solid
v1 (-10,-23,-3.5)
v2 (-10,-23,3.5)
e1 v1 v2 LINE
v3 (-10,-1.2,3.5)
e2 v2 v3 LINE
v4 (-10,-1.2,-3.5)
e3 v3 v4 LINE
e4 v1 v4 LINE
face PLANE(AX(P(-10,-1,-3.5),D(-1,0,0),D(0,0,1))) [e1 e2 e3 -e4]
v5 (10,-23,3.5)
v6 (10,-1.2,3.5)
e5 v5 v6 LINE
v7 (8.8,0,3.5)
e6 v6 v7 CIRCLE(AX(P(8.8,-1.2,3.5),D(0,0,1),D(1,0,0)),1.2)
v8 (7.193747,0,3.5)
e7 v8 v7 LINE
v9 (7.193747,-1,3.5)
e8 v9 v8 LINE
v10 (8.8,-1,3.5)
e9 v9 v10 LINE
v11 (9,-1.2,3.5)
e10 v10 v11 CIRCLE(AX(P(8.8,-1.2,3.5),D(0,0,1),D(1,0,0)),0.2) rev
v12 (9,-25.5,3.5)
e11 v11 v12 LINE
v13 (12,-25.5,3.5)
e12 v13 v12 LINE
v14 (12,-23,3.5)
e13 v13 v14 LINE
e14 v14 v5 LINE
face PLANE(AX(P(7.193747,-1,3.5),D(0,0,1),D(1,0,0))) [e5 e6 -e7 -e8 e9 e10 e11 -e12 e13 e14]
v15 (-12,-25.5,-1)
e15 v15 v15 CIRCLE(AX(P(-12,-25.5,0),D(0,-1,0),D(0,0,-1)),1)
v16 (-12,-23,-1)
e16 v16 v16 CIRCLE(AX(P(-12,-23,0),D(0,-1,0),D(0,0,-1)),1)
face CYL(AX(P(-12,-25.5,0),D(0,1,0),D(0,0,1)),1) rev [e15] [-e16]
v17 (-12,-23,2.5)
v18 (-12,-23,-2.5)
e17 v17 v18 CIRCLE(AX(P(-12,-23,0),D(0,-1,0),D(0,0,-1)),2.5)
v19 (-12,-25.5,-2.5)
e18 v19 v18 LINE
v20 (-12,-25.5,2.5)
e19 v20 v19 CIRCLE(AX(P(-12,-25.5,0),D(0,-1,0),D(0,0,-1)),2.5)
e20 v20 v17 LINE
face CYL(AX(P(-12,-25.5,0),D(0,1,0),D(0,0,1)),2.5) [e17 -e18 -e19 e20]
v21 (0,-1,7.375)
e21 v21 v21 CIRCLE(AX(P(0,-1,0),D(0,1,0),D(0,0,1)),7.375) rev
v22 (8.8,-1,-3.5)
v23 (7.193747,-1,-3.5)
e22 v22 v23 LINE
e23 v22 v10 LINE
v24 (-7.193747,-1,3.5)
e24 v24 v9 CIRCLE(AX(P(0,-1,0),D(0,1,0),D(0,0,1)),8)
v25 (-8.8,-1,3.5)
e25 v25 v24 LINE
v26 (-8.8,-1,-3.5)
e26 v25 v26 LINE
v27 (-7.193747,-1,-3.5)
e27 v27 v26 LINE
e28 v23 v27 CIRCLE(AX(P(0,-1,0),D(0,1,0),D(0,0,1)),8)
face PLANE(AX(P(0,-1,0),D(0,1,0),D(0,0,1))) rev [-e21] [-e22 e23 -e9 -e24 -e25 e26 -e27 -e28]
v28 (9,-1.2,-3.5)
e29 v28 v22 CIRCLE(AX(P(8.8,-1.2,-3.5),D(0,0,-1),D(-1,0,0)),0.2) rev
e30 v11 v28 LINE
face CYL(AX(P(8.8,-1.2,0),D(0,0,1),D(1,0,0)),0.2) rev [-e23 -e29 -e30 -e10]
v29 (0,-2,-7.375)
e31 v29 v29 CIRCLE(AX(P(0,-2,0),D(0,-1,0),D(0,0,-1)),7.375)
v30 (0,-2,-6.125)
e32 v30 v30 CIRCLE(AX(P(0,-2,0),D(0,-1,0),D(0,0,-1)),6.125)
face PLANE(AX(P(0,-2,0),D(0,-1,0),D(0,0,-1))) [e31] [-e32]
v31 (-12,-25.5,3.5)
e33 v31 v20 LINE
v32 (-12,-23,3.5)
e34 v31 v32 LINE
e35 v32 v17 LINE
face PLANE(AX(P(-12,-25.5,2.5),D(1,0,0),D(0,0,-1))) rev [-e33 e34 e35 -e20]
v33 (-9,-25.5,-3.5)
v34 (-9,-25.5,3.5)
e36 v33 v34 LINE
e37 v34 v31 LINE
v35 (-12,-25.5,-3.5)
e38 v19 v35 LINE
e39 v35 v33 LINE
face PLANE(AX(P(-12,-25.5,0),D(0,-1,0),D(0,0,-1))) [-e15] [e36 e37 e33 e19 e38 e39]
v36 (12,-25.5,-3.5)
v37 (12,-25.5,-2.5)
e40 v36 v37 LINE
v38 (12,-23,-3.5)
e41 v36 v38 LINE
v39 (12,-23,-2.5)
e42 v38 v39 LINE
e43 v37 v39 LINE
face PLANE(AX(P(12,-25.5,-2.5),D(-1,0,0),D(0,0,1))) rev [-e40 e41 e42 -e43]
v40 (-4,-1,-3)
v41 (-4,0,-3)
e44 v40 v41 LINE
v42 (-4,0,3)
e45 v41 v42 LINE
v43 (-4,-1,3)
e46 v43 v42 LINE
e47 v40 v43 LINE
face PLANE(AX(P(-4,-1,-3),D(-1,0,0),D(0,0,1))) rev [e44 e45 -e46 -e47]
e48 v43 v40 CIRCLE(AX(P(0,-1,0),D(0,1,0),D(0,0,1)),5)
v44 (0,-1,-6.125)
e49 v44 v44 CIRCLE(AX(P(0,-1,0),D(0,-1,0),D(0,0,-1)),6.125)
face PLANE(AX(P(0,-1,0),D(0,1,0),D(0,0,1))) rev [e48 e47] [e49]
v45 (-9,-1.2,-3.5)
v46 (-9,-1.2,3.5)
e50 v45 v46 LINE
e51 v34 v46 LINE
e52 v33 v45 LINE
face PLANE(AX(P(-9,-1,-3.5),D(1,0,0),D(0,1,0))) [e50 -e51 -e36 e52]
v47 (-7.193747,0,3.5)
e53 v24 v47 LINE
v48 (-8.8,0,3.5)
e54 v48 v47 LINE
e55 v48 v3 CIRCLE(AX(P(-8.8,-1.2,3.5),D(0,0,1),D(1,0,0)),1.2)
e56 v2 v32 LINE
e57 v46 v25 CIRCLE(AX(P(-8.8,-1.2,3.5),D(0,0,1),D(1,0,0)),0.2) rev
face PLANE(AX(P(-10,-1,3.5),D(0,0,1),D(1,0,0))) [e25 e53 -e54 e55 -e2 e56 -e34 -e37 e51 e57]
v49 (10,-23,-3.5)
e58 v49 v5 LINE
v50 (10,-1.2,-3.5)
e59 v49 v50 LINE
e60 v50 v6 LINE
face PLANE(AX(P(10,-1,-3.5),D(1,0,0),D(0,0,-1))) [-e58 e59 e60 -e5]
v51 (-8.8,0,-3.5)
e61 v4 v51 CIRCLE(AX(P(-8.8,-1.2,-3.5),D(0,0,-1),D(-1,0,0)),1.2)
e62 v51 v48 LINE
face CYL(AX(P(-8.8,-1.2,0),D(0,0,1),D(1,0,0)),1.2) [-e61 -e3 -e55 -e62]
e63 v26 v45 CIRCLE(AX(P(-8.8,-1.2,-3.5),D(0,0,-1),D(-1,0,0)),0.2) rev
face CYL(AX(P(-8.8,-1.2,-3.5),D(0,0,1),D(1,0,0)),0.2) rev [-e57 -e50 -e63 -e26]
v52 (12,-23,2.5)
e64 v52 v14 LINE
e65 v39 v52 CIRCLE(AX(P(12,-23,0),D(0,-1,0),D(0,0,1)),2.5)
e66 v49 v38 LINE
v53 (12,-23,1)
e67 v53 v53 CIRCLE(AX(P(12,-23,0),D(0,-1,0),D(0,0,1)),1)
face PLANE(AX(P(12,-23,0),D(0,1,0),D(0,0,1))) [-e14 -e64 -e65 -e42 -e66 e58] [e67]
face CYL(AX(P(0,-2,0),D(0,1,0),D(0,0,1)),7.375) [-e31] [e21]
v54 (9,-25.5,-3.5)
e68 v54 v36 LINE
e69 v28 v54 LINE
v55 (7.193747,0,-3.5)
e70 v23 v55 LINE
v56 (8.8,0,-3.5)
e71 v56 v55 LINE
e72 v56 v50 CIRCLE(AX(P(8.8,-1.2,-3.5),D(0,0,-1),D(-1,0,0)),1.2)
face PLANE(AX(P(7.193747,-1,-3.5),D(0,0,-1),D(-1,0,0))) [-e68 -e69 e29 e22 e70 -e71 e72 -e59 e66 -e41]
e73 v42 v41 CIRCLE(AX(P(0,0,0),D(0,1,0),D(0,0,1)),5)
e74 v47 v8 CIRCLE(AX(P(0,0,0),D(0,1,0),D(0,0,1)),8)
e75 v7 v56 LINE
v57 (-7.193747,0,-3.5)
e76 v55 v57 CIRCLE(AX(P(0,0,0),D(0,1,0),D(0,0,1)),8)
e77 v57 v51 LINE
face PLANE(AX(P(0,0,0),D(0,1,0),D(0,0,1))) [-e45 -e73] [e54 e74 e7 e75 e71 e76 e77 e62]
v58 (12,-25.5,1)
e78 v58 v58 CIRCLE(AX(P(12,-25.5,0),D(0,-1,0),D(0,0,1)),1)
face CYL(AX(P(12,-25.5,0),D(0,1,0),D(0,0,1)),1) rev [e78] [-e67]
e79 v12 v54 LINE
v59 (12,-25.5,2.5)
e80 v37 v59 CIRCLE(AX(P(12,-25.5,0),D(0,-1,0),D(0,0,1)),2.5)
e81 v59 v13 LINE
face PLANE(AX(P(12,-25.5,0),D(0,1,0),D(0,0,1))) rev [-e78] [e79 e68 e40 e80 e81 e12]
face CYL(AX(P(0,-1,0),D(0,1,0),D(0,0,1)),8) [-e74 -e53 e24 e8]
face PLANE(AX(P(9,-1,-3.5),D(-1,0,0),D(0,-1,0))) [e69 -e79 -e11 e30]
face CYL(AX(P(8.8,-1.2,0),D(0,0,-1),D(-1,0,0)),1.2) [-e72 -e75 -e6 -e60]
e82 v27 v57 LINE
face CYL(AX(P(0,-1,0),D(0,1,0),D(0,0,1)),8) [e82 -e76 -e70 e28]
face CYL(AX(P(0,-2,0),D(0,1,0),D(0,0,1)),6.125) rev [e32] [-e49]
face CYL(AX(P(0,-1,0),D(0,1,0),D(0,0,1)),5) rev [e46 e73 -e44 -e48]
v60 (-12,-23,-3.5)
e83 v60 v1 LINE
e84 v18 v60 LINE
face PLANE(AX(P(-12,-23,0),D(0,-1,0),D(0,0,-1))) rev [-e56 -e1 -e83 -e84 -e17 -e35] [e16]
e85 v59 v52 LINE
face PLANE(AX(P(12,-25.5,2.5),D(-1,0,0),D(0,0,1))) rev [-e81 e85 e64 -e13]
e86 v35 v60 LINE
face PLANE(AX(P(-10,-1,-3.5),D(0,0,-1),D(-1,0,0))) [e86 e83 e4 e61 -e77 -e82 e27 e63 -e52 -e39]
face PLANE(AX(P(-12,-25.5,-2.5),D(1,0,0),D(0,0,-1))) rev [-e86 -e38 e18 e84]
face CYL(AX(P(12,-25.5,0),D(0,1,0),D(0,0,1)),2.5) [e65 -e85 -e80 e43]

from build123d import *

# Parameters (mm, degrees)
BOSS_EXTRU_1_DEPTH      = 1
ESQUISSE2_R             = 7.375
ESQUISSE2_R_2           = 6.125
BOSS_EXTRU_2_DEPTH      = 1
ESQUISSE3_W             = 1
ESQUISSE3_H             = 22
BOSS_EXTRU_3_DEPTH      = 3.5
BOSS_EXTRU_3_DEPTH_BACK = 3.5
ESQUISSE4_R             = 1
BOSS_EXTRU_4_DEPTH      = 2.5
CONG_1_R                = 0.2
CONG_2_R                = 1.2


with BuildPart() as part:
    # Esquisse1 → Boss.-Extru.1 (new body)
    with BuildSketch(Plane(origin=(0, 0, 0), x_dir=(1, 0, 0), z_dir=(0, 1, 0))):
        with BuildLine():
            Line((7.193747285, 3.5), (10, 3.5))
            Line((10, 3.5), (10, -3.5))
            Line((10, -3.5), (7.193747285, -3.5))
            ThreePointArc((7.193747285, -3.5), (0, -8), (-7.193747285, -3.5))
            Line((-7.193747285, -3.5), (-10, -3.5))
            Line((-10, -3.5), (-10, 3.5))
            Line((-10, 3.5), (-7.193747285, 3.5))
            ThreePointArc((-7.193747285, 3.5), (0, 8), (7.193747285, 3.5))
        make_face()
        with BuildLine():
            Line((-4, 3), (-4, -3))
            ThreePointArc((-4, -3), (5, 0), (-4, 3))
        make_face(mode=Mode.SUBTRACT)
    extrude(amount=-BOSS_EXTRU_1_DEPTH)

    # Esquisse2 → Boss.-Extru.2 (add)
    with BuildSketch(Plane.XZ.offset(1)):
        with Locations(Location((0, 0, 0), (0, 0, 90))):  # turned: the seam where the file's is
            Circle(ESQUISSE2_R)
        with Locations(Location((0, 0, 0), (0, 0, 270))):  # turned: the seam where the file's is
            Circle(ESQUISSE2_R_2, mode=Mode.SUBTRACT)
    extrude(amount=BOSS_EXTRU_2_DEPTH)

    # Esquisse3 → Boss.-Extru.3 (add, two sides)
    with BuildSketch(Plane.XY) as boss_extru_3_sk:
        with Locations((-9.5, -12)):
            Rectangle(ESQUISSE3_W, ESQUISSE3_H)
        with Locations((9.5, -12)):
            Rectangle(ESQUISSE3_W, ESQUISSE3_H)
    extrude(amount=BOSS_EXTRU_3_DEPTH)
    extrude(boss_extru_3_sk.sketch, amount=-BOSS_EXTRU_3_DEPTH_BACK)

    # Esquisse4 → Boss.-Extru.4 (add)
    with BuildSketch(Plane.XZ.offset(23)):
        with BuildLine():
            Line((-12, 2.5), (-12, 3.5))
            Line((-12, 3.5), (-9, 3.5))
            Line((-9, 3.5), (-9, -3.5))
            Line((-9, -3.5), (-12, -3.5))
            Line((-12, -3.5), (-12, -2.5))
            ThreePointArc((-12, -2.5), (-14.5, 0), (-12, 2.5))
        make_face()
        with Locations(Location((-12, 0, 0), (0, 0, 270))):  # turned: the seam where the file's is
            Circle(ESQUISSE4_R, mode=Mode.SUBTRACT)
        with BuildLine():
            Line((12, 2.5), (12, 3.5))
            Line((12, 3.5), (9, 3.5))
            Line((9, 3.5), (9, -3.5))
            Line((9, -3.5), (12, -3.5))
            Line((12, -3.5), (12, -2.5))
            ThreePointArc((12, -2.5), (14.5, 0), (12, 2.5))
        make_face()
        with Locations(Location((12, 0, 0), (0, 0, 90))):  # turned: the seam where the file's is
            Circle(ESQUISSE4_R, mode=Mode.SUBTRACT)
    extrude(amount=BOSS_EXTRU_4_DEPTH)

    # Cong_1
    cong_1_edges = [part.edges().sort_by_distance(p)[0] for p in [
        (-9, -1, 0),
        (9, -1, 0),
    ]]
    fillet(cong_1_edges, radius=CONG_1_R)

    # Cong_2
    cong_2_edges = [part.edges().sort_by_distance(p)[0] for p in [
        (-10, 0, 0),
        (10, 0, 0),
    ]]
    fillet(cong_2_edges, radius=CONG_2_R)


solid = part.part
